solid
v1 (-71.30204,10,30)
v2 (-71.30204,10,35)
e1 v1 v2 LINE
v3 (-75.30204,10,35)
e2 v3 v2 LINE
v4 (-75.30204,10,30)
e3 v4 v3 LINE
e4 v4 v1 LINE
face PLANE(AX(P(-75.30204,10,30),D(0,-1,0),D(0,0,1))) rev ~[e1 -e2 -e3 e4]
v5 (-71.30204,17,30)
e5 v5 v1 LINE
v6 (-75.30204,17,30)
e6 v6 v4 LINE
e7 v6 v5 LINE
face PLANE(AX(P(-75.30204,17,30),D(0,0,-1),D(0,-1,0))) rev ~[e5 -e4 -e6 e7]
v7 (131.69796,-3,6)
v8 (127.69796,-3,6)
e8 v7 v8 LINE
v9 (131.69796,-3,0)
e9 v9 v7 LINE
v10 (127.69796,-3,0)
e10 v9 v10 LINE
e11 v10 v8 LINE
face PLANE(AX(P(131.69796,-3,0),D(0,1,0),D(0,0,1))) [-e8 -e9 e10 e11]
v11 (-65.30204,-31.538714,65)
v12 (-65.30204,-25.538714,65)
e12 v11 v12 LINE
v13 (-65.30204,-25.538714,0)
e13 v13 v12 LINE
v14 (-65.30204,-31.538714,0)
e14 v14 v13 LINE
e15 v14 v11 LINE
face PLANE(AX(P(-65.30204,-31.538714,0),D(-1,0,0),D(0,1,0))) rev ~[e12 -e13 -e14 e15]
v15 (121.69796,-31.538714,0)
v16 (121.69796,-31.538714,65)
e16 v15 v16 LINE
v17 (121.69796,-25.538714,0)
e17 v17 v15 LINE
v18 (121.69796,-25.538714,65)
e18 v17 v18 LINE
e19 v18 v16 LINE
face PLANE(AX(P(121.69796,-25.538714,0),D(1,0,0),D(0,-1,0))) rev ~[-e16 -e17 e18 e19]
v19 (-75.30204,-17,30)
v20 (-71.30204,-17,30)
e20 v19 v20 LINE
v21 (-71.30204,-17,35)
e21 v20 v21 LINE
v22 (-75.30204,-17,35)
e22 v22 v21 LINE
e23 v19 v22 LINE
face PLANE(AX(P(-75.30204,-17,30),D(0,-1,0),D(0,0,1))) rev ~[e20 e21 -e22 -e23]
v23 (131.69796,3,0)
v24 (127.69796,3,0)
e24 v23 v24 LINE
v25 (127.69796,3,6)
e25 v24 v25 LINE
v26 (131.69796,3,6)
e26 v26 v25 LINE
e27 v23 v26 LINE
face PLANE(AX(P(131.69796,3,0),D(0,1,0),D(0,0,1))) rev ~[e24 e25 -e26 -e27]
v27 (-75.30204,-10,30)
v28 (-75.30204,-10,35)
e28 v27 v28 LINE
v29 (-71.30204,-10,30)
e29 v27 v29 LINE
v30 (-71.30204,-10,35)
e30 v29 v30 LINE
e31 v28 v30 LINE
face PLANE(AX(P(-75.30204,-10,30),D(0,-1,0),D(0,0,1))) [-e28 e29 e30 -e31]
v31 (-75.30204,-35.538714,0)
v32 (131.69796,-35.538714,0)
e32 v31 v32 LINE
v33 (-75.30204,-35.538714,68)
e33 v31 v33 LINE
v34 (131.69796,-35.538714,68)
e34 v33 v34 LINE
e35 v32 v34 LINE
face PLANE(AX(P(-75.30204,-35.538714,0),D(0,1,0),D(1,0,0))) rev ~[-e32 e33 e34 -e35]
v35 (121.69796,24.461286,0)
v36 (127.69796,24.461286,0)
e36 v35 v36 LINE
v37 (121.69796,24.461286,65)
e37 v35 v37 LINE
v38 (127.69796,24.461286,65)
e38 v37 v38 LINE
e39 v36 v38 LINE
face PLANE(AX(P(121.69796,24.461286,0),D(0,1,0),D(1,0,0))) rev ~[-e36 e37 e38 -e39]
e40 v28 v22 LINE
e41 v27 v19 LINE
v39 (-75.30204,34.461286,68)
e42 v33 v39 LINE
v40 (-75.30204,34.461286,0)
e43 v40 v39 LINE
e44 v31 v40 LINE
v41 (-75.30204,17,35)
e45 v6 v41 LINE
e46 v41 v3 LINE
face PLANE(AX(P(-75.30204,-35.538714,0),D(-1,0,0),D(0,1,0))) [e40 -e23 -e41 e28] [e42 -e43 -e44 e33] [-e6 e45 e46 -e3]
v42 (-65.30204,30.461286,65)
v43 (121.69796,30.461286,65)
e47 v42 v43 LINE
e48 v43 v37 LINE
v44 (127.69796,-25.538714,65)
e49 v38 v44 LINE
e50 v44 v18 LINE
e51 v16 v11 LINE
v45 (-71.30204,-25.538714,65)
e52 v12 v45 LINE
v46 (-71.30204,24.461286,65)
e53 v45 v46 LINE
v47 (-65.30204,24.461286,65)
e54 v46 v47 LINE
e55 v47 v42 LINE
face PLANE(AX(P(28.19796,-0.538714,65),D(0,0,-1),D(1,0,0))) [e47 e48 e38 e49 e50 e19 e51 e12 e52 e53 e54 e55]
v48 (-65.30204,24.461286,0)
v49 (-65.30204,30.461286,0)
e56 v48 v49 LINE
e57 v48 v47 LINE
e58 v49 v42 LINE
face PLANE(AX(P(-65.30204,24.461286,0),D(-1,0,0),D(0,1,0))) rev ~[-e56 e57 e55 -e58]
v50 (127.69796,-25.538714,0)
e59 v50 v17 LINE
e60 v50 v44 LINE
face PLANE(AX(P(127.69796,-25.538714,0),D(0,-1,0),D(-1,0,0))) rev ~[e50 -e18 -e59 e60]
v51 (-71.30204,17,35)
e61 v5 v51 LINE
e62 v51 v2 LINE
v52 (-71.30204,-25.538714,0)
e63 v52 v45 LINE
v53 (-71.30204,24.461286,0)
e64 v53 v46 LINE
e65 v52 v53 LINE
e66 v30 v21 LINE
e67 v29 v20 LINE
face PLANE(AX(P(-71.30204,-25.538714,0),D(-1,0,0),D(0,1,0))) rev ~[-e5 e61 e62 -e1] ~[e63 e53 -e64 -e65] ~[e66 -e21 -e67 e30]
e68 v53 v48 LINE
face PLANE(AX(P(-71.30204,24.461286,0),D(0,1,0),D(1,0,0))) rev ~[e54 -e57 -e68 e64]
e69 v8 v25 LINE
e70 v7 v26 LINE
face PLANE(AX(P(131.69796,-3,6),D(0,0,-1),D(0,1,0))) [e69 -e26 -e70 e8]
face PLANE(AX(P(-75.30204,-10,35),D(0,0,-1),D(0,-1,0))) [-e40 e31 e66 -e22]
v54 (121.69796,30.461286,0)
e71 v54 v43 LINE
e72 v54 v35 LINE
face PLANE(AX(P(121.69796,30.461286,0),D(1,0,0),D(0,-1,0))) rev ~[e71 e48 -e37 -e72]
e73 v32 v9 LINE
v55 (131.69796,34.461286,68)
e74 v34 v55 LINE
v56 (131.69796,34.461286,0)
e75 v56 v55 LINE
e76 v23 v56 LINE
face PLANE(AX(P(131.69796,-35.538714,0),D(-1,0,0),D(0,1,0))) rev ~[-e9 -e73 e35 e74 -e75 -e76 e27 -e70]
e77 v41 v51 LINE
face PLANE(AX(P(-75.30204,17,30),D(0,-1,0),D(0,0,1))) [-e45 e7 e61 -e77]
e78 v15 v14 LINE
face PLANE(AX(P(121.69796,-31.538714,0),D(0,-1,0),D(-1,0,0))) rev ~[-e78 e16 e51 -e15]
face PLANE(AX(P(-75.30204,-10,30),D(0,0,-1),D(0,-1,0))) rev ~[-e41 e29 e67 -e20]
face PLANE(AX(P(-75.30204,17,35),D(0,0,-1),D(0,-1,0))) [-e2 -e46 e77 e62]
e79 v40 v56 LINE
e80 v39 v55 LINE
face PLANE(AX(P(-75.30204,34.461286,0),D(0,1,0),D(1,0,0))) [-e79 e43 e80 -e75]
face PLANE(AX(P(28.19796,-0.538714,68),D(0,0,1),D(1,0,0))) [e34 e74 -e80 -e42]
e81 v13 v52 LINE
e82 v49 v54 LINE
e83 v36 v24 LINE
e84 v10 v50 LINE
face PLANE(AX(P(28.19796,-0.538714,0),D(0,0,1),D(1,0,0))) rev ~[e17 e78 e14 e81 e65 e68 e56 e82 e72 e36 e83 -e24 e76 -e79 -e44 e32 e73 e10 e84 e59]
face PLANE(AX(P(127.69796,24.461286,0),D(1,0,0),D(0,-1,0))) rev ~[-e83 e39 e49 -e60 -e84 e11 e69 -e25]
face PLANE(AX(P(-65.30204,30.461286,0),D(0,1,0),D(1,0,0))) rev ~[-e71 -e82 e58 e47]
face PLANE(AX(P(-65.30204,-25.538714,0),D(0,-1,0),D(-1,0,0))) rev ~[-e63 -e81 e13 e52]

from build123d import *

# Parameters (mm, degrees)
SKETCH006_W     = 207
SKETCH006_H     = 70
PAD002_DEPTH    = 68
POCKET_DEPTH    = 65
SKETCH_W        = 7
SKETCH_H        = 5
POCKET001_DEPTH = 20
SKETCH008_W     = 6
SKETCH008_H     = 6
POCKET002_DEPTH = 10


with BuildPart() as part:
    # Sketch006 → Pad002 (new body)
    with BuildSketch(Plane.XY):
        with Locations((28.19796, -0.538714)):
            Rectangle(SKETCH006_W, SKETCH006_H)
    extrude(amount=PAD002_DEPTH)

    # Sketch007 (on Face5 of Pad002) → Pocket (cut)
    with BuildSketch(Plane(origin=(0, 0, 0), x_dir=(1, 0, 0), z_dir=(0, 0, -1))):
        Polygon((-65.30204, 31.538714), (-65.30204, 25.538714), (-71.30204, 25.538714), (-71.30204, -24.461286), (-65.30204, -24.461286), (-65.30204, -30.461286), (121.69796, -30.461286), (121.69796, -24.461286), (127.69796, -24.461286), (127.69796, 25.538714), (121.69796, 25.538714), (121.69796, 31.538714), align=None)
    extrude(amount=-POCKET_DEPTH, mode=Mode.SUBTRACT)

    # Sketch (on Face4 of Pad002) → Pocket001 (cut)
    with BuildSketch(Plane(origin=(-75.30204, 0, 0), x_dir=(0, -1, 0), z_dir=(-1, 0, 0))):
        with Locations((-13.5, 32.5)):
            Rectangle(SKETCH_W, SKETCH_H)
        with Locations((13.5, 32.5)):
            Rectangle(SKETCH_W, SKETCH_H)
    extrude(amount=-POCKET001_DEPTH, mode=Mode.SUBTRACT)

    # Sketch008 (on Face2 of Pad002) → Pocket002 (cut)
    with BuildSketch(Plane.YZ.offset(131.69796)):
        with Locations((0, 3)):
            Rectangle(SKETCH008_W, SKETCH008_H)
    extrude(amount=-POCKET002_DEPTH, mode=Mode.SUBTRACT)


solid = part.part
